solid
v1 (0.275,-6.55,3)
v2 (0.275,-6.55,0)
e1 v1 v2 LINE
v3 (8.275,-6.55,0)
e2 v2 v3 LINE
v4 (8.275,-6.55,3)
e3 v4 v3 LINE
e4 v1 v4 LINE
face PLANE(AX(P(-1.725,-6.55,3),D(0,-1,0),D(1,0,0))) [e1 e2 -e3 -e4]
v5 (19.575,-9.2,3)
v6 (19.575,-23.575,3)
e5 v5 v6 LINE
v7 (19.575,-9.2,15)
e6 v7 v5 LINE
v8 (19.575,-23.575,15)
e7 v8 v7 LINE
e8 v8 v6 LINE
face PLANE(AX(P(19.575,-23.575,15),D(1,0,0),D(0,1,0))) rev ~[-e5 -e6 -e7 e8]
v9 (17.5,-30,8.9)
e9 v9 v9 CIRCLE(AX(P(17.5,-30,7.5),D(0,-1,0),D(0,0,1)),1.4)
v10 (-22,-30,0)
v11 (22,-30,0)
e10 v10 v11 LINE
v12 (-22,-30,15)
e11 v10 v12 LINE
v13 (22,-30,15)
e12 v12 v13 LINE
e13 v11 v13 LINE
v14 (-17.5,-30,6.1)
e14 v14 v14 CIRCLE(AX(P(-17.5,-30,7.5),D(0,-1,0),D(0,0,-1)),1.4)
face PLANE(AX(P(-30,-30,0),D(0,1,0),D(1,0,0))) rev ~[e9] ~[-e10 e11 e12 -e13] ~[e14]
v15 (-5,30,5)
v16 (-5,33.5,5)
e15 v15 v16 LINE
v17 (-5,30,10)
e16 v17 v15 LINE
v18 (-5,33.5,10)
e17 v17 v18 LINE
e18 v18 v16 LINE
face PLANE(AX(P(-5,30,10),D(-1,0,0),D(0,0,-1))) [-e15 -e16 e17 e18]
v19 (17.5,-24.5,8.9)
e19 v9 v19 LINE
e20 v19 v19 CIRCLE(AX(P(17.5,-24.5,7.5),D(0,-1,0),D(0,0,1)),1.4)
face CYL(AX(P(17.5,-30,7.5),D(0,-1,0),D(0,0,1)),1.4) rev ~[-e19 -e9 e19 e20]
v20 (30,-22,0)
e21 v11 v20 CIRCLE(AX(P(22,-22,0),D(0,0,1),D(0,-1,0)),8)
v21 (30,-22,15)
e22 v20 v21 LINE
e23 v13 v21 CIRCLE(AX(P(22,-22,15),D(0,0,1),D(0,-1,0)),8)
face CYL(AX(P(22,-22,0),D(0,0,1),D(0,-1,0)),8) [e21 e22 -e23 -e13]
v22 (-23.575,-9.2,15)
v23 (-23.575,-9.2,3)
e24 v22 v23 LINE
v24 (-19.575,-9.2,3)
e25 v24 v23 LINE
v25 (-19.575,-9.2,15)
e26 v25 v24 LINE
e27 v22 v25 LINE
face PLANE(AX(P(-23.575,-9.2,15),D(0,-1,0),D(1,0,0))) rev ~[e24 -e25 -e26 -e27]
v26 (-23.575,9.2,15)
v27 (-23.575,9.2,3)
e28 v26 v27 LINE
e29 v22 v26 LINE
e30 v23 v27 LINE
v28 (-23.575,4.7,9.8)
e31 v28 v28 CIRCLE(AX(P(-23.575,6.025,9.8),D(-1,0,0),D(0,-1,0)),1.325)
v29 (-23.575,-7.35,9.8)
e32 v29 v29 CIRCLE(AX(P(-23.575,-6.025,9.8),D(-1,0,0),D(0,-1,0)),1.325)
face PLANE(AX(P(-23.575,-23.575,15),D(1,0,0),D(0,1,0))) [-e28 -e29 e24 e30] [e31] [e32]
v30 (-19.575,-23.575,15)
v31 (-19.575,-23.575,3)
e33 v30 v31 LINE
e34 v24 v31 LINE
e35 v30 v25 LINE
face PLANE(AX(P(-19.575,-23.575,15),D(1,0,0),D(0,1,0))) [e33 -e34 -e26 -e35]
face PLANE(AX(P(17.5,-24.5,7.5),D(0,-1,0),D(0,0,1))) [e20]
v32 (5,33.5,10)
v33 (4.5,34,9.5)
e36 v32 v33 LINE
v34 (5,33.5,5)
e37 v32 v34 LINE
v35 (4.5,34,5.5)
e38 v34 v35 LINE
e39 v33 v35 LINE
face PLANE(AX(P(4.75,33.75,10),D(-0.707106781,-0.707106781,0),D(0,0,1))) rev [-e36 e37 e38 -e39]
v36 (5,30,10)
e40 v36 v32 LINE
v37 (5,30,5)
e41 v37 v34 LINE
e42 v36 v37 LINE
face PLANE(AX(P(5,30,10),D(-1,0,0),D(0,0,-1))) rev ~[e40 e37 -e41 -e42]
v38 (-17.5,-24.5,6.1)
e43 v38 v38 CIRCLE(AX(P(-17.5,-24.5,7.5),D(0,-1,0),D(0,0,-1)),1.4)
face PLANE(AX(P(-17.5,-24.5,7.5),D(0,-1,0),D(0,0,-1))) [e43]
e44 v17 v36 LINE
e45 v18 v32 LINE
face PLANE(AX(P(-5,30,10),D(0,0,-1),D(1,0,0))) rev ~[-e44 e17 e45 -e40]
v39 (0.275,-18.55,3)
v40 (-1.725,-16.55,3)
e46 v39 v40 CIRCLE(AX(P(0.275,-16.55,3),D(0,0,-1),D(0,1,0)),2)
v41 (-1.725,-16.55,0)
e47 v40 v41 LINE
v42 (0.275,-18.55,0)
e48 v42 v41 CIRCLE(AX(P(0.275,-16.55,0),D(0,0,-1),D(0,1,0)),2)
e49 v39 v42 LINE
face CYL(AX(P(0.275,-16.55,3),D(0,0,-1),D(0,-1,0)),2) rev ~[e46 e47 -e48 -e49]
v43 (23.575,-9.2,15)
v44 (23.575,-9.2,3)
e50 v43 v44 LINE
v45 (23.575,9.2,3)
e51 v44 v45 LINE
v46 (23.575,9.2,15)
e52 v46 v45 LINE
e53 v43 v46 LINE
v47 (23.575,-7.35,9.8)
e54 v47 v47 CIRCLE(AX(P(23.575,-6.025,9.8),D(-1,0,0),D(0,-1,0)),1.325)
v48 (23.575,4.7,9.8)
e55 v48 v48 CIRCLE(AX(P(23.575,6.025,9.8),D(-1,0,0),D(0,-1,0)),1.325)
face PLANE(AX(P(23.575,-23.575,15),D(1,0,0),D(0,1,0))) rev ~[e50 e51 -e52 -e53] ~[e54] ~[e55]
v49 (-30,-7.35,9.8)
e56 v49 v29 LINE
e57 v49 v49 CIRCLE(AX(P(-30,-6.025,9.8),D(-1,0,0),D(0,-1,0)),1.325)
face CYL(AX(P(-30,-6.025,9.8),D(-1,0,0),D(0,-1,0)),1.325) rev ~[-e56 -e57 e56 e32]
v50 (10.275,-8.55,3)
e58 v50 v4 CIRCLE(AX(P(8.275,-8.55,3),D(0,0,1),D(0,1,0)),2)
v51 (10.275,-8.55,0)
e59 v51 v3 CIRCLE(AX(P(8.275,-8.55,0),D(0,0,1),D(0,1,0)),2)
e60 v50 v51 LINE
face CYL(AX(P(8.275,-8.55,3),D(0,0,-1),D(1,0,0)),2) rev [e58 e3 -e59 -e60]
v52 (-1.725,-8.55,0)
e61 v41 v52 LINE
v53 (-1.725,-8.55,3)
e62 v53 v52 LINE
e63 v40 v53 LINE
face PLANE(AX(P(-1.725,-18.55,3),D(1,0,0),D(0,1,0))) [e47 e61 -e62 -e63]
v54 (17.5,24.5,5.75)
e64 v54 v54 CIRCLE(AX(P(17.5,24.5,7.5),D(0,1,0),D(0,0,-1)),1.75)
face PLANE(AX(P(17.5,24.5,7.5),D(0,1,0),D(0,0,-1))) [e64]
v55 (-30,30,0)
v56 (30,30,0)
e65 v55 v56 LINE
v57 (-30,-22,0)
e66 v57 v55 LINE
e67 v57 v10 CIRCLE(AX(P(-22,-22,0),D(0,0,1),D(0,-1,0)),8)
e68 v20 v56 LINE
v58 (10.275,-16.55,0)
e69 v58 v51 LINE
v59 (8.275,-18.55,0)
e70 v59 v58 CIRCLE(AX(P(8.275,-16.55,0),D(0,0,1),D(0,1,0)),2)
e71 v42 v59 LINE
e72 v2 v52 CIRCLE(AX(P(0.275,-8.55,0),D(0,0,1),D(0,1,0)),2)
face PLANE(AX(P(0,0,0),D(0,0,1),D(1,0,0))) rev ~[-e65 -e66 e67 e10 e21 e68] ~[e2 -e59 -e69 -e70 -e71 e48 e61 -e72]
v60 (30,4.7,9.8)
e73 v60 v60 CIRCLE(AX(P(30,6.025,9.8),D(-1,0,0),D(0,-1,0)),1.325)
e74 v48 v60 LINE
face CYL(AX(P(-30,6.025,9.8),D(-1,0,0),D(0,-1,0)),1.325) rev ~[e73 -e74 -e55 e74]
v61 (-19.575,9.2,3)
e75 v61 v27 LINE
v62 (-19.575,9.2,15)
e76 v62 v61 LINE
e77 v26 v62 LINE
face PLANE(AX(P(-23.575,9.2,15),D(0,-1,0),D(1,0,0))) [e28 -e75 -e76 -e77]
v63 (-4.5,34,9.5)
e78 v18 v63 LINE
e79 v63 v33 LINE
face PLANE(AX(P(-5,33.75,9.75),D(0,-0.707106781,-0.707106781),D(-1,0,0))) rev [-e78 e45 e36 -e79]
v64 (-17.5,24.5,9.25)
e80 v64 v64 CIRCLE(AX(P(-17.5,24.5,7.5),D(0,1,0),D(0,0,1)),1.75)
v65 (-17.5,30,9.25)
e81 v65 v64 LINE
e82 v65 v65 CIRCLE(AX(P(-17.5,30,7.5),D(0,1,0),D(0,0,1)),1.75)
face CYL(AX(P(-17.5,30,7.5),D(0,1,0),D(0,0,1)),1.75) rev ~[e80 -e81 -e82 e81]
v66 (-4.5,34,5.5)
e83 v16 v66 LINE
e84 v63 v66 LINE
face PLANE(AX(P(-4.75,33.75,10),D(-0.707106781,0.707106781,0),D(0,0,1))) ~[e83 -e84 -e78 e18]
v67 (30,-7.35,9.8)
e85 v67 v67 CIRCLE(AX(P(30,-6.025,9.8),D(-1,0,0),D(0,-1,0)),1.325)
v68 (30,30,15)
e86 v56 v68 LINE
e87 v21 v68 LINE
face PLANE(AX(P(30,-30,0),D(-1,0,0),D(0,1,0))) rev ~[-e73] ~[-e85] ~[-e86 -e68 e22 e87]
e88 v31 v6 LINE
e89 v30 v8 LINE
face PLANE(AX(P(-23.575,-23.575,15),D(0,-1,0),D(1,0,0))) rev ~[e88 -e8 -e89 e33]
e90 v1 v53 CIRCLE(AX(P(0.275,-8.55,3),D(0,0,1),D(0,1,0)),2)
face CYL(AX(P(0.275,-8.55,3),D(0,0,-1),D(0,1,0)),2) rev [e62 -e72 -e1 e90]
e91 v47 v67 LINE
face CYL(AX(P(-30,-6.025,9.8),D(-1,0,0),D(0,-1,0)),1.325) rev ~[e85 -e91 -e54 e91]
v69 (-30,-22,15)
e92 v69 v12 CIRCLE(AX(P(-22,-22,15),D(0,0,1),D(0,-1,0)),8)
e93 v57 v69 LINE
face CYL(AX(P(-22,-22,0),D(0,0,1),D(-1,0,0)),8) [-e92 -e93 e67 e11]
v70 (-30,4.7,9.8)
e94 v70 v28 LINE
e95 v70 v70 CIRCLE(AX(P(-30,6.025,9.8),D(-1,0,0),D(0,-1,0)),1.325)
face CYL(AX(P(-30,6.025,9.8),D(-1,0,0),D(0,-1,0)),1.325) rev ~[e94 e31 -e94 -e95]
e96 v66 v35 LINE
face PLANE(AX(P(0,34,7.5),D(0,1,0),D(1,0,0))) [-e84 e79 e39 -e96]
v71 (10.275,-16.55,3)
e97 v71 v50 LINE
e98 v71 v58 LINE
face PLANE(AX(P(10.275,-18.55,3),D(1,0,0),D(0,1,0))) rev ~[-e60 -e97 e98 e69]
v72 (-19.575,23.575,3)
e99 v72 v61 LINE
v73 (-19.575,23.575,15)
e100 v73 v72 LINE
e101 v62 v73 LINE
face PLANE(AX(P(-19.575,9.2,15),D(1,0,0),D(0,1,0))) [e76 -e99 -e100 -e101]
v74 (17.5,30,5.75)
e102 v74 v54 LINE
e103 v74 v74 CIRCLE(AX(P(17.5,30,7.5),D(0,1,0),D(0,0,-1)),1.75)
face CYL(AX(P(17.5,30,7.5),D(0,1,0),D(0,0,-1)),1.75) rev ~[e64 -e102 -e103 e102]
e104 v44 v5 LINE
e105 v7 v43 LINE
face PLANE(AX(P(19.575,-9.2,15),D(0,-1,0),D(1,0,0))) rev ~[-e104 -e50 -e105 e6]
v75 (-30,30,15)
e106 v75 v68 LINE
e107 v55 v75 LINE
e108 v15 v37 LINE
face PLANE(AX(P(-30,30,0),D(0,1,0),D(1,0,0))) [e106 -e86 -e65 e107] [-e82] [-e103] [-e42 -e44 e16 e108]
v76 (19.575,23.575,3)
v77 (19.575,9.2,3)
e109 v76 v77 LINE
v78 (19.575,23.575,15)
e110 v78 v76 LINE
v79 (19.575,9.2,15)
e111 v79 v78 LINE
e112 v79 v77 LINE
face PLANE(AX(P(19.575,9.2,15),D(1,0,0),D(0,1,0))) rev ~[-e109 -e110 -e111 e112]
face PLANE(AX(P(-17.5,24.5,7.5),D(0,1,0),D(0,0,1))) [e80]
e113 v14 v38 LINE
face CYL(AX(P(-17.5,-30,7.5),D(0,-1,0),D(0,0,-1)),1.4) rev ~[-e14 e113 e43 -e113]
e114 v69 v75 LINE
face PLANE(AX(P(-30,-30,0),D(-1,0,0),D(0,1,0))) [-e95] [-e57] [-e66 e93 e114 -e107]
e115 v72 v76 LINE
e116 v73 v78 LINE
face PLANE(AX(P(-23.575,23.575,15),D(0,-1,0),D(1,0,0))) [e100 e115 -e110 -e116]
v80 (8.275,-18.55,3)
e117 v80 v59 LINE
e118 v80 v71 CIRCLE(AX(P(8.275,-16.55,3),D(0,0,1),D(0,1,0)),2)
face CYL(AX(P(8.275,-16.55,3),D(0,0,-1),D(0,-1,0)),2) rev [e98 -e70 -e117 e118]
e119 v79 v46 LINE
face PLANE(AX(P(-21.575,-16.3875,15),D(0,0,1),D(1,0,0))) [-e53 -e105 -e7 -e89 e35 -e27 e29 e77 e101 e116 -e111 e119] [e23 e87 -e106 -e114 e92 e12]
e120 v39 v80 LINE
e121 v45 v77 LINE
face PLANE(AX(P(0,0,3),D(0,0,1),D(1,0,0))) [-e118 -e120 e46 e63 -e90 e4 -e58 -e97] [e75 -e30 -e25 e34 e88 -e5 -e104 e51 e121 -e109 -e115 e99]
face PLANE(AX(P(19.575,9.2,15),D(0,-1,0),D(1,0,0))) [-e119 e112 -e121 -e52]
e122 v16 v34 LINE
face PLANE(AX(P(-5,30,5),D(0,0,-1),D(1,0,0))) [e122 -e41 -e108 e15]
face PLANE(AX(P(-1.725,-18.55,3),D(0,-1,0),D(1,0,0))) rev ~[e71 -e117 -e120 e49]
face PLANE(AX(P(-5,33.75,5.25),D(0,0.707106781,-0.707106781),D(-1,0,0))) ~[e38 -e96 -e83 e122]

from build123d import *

# Parameters (mm, degrees)
SKETCH_3_W          = 60
SKETCH_3_H          = 60
EXTRUDE_1_DEPTH     = 15
SKETCH_4_W          = 47.15
SKETCH_4_H          = 47.15
CUT_EXTRUDE_1_DEPTH = 12
SKETCH_5_R          = 1.325
CUT_EXTRUDE_2_DEPTH = 69.738635424
EXTRUDE_2_REACH     = 47
SKETCH_6_W          = 4
SKETCH_6_H          = 14.375
FILLET_1_R          = 8
SKETCH_11_R         = 1.75
CUT_EXTRUDE_5_DEPTH = 5.5
SKETCH_12_R         = 1.4
CUT_EXTRUDE_6_DEPTH = 5.5
SKETCH_13_W         = 10
SKETCH_13_H         = 5
EXTRUDE_3_DEPTH     = 4
CHAMFER_1_SIZE      = 0.5
SKETCH_15_W         = 12
SKETCH_15_H         = 12
CUT_EXTRUDE_7_DEPTH = 47.904157598
FILLET_2_R          = 2


with BuildPart() as part:
    # 草图3 → 凸台-拉伸1 (new body)
    with BuildSketch(Plane.XY):
        Rectangle(SKETCH_3_W, SKETCH_3_H)
    extrude(amount=EXTRUDE_1_DEPTH)

    # 草图4 → 切除-拉伸1 (cut)
    with BuildSketch(Plane.XY.offset(15)):
        Rectangle(SKETCH_4_W, SKETCH_4_H)
    extrude(amount=-CUT_EXTRUDE_1_DEPTH, mode=Mode.SUBTRACT)

    # 草图5 → 切除-拉伸2 (cut, through all)
    with BuildSketch(Plane.ZY.offset(30)):
        with Locations(Location((9.8, 6.025, 0), (0, 0, 270))):
            Circle(SKETCH_5_R)
        with Locations(Location((9.8, -6.025, 0), (0, 0, 270))):
            Circle(SKETCH_5_R)
    extrude(amount=-CUT_EXTRUDE_2_DEPTH, mode=Mode.SUBTRACT)

    # 草图6 → 凸台-拉伸2 (add, up to next)
    with BuildSketch(Plane.XY.offset(15), mode=Mode.PRIVATE) as extrude_2_sk1:
        with Locations((-21.575, 16.3875)):
            Rectangle(SKETCH_6_W, SKETCH_6_H)
    extrude_2_tool1 = extrude(extrude_2_sk1.sketch, amount=-EXTRUDE_2_REACH, mode=Mode.PRIVATE) - part.part
    # 草图6 → 凸台-拉伸2 (add, up to next)
    with BuildSketch(Plane.XY.offset(15), mode=Mode.PRIVATE) as extrude_2_sk2:
        with Locations((21.575, 16.3875)):
            Rectangle(SKETCH_6_W, SKETCH_6_H)
    extrude_2_tool2 = extrude(extrude_2_sk2.sketch, amount=-EXTRUDE_2_REACH, mode=Mode.PRIVATE) - part.part
    # 草图6 → 凸台-拉伸2 (add, up to next)
    with BuildSketch(Plane.XY.offset(15), mode=Mode.PRIVATE) as extrude_2_sk3:
        with Locations((21.575, -16.3875)):
            Rectangle(SKETCH_6_W, SKETCH_6_H)
    extrude_2_tool3 = extrude(extrude_2_sk3.sketch, amount=-EXTRUDE_2_REACH, mode=Mode.PRIVATE) - part.part
    # 草图6 → 凸台-拉伸2 (add, up to next)
    with BuildSketch(Plane.XY.offset(15), mode=Mode.PRIVATE) as extrude_2_sk4:
        with Locations((-21.575, -16.3875)):
            Rectangle(SKETCH_6_W, SKETCH_6_H)
    extrude_2_tool4 = extrude(extrude_2_sk4.sketch, amount=-EXTRUDE_2_REACH, mode=Mode.PRIVATE) - part.part
    add(extrude_2_tool1.solids().sort_by_distance((-21.575, 16.3875, 15))[0])
    add(extrude_2_tool2.solids().sort_by_distance((21.575, 16.3875, 15))[0])
    add(extrude_2_tool3.solids().sort_by_distance((21.575, -16.3875, 15))[0])
    add(extrude_2_tool4.solids().sort_by_distance((-21.575, -16.3875, 15))[0])

    # 圆角1
    fillet_1_edges = [part.edges().sort_by_distance(p)[0] for p in [
        (30, -30, 7.5),
        (-30, -30, 7.5),
    ]]
    fillet(fillet_1_edges, radius=FILLET_1_R)

    # 草图11 → 切除-拉伸5 (cut)
    with BuildSketch(Plane(origin=(0, 30, 0), x_dir=(1, 0, 0), z_dir=(0, 1, 0))):
        with Locations(Location((-17.5, -7.5, 0), (0, 0, 270))):
            Circle(SKETCH_11_R)
        with Locations(Location((17.5, -7.5, 0), (0, 0, 90))):
            Circle(SKETCH_11_R)
    extrude(amount=-CUT_EXTRUDE_5_DEPTH, mode=Mode.SUBTRACT)

    # 草图12 → 切除-拉伸6 (cut)
    with BuildSketch(Plane.XZ.offset(30)):
        with Locations(Location((-17.5, 7.5, 0), (0, 0, 270))):
            Circle(SKETCH_12_R)
        with Locations(Location((17.5, 7.5, 0), (0, 0, 90))):
            Circle(SKETCH_12_R)
    extrude(amount=-CUT_EXTRUDE_6_DEPTH, mode=Mode.SUBTRACT)

    # 草图13 → 凸台-拉伸3 (add)
    with BuildSketch(Plane(origin=(0, 30, 0), x_dir=(1, 0, 0), z_dir=(0, 1, 0))):
        with Locations((0, -7.5)):
            Rectangle(SKETCH_13_W, SKETCH_13_H)
    extrude(amount=EXTRUDE_3_DEPTH)

    # 倒角1
    chamfer_1_edges = [part.edges().sort_by_distance(p)[0] for p in [
        (5, 34, 7.5),
        (0, 34, 5),
        (-5, 34, 7.5),
        (0, 34, 10),
    ]]
    chamfer(chamfer_1_edges, length=CHAMFER_1_SIZE)

    # 草图15 → 切除-拉伸7 (cut, through all)
    with BuildSketch(Plane.XY.offset(3)):
        with Locations((4.275, -12.55)):
            Rectangle(SKETCH_15_W, SKETCH_15_H)
    extrude(amount=-CUT_EXTRUDE_7_DEPTH, mode=Mode.SUBTRACT)

    # 圆角2
    fillet_2_edges = [part.edges().sort_by_distance(p)[0] for p in [
        (-1.725, -18.55, 1.5),
        (-1.725, -6.55, 1.5),
        (10.275, -6.55, 1.5),
        (10.275, -18.55, 1.5),
    ]]
    fillet(fillet_2_edges, radius=FILLET_2_R)


solid = part.part
